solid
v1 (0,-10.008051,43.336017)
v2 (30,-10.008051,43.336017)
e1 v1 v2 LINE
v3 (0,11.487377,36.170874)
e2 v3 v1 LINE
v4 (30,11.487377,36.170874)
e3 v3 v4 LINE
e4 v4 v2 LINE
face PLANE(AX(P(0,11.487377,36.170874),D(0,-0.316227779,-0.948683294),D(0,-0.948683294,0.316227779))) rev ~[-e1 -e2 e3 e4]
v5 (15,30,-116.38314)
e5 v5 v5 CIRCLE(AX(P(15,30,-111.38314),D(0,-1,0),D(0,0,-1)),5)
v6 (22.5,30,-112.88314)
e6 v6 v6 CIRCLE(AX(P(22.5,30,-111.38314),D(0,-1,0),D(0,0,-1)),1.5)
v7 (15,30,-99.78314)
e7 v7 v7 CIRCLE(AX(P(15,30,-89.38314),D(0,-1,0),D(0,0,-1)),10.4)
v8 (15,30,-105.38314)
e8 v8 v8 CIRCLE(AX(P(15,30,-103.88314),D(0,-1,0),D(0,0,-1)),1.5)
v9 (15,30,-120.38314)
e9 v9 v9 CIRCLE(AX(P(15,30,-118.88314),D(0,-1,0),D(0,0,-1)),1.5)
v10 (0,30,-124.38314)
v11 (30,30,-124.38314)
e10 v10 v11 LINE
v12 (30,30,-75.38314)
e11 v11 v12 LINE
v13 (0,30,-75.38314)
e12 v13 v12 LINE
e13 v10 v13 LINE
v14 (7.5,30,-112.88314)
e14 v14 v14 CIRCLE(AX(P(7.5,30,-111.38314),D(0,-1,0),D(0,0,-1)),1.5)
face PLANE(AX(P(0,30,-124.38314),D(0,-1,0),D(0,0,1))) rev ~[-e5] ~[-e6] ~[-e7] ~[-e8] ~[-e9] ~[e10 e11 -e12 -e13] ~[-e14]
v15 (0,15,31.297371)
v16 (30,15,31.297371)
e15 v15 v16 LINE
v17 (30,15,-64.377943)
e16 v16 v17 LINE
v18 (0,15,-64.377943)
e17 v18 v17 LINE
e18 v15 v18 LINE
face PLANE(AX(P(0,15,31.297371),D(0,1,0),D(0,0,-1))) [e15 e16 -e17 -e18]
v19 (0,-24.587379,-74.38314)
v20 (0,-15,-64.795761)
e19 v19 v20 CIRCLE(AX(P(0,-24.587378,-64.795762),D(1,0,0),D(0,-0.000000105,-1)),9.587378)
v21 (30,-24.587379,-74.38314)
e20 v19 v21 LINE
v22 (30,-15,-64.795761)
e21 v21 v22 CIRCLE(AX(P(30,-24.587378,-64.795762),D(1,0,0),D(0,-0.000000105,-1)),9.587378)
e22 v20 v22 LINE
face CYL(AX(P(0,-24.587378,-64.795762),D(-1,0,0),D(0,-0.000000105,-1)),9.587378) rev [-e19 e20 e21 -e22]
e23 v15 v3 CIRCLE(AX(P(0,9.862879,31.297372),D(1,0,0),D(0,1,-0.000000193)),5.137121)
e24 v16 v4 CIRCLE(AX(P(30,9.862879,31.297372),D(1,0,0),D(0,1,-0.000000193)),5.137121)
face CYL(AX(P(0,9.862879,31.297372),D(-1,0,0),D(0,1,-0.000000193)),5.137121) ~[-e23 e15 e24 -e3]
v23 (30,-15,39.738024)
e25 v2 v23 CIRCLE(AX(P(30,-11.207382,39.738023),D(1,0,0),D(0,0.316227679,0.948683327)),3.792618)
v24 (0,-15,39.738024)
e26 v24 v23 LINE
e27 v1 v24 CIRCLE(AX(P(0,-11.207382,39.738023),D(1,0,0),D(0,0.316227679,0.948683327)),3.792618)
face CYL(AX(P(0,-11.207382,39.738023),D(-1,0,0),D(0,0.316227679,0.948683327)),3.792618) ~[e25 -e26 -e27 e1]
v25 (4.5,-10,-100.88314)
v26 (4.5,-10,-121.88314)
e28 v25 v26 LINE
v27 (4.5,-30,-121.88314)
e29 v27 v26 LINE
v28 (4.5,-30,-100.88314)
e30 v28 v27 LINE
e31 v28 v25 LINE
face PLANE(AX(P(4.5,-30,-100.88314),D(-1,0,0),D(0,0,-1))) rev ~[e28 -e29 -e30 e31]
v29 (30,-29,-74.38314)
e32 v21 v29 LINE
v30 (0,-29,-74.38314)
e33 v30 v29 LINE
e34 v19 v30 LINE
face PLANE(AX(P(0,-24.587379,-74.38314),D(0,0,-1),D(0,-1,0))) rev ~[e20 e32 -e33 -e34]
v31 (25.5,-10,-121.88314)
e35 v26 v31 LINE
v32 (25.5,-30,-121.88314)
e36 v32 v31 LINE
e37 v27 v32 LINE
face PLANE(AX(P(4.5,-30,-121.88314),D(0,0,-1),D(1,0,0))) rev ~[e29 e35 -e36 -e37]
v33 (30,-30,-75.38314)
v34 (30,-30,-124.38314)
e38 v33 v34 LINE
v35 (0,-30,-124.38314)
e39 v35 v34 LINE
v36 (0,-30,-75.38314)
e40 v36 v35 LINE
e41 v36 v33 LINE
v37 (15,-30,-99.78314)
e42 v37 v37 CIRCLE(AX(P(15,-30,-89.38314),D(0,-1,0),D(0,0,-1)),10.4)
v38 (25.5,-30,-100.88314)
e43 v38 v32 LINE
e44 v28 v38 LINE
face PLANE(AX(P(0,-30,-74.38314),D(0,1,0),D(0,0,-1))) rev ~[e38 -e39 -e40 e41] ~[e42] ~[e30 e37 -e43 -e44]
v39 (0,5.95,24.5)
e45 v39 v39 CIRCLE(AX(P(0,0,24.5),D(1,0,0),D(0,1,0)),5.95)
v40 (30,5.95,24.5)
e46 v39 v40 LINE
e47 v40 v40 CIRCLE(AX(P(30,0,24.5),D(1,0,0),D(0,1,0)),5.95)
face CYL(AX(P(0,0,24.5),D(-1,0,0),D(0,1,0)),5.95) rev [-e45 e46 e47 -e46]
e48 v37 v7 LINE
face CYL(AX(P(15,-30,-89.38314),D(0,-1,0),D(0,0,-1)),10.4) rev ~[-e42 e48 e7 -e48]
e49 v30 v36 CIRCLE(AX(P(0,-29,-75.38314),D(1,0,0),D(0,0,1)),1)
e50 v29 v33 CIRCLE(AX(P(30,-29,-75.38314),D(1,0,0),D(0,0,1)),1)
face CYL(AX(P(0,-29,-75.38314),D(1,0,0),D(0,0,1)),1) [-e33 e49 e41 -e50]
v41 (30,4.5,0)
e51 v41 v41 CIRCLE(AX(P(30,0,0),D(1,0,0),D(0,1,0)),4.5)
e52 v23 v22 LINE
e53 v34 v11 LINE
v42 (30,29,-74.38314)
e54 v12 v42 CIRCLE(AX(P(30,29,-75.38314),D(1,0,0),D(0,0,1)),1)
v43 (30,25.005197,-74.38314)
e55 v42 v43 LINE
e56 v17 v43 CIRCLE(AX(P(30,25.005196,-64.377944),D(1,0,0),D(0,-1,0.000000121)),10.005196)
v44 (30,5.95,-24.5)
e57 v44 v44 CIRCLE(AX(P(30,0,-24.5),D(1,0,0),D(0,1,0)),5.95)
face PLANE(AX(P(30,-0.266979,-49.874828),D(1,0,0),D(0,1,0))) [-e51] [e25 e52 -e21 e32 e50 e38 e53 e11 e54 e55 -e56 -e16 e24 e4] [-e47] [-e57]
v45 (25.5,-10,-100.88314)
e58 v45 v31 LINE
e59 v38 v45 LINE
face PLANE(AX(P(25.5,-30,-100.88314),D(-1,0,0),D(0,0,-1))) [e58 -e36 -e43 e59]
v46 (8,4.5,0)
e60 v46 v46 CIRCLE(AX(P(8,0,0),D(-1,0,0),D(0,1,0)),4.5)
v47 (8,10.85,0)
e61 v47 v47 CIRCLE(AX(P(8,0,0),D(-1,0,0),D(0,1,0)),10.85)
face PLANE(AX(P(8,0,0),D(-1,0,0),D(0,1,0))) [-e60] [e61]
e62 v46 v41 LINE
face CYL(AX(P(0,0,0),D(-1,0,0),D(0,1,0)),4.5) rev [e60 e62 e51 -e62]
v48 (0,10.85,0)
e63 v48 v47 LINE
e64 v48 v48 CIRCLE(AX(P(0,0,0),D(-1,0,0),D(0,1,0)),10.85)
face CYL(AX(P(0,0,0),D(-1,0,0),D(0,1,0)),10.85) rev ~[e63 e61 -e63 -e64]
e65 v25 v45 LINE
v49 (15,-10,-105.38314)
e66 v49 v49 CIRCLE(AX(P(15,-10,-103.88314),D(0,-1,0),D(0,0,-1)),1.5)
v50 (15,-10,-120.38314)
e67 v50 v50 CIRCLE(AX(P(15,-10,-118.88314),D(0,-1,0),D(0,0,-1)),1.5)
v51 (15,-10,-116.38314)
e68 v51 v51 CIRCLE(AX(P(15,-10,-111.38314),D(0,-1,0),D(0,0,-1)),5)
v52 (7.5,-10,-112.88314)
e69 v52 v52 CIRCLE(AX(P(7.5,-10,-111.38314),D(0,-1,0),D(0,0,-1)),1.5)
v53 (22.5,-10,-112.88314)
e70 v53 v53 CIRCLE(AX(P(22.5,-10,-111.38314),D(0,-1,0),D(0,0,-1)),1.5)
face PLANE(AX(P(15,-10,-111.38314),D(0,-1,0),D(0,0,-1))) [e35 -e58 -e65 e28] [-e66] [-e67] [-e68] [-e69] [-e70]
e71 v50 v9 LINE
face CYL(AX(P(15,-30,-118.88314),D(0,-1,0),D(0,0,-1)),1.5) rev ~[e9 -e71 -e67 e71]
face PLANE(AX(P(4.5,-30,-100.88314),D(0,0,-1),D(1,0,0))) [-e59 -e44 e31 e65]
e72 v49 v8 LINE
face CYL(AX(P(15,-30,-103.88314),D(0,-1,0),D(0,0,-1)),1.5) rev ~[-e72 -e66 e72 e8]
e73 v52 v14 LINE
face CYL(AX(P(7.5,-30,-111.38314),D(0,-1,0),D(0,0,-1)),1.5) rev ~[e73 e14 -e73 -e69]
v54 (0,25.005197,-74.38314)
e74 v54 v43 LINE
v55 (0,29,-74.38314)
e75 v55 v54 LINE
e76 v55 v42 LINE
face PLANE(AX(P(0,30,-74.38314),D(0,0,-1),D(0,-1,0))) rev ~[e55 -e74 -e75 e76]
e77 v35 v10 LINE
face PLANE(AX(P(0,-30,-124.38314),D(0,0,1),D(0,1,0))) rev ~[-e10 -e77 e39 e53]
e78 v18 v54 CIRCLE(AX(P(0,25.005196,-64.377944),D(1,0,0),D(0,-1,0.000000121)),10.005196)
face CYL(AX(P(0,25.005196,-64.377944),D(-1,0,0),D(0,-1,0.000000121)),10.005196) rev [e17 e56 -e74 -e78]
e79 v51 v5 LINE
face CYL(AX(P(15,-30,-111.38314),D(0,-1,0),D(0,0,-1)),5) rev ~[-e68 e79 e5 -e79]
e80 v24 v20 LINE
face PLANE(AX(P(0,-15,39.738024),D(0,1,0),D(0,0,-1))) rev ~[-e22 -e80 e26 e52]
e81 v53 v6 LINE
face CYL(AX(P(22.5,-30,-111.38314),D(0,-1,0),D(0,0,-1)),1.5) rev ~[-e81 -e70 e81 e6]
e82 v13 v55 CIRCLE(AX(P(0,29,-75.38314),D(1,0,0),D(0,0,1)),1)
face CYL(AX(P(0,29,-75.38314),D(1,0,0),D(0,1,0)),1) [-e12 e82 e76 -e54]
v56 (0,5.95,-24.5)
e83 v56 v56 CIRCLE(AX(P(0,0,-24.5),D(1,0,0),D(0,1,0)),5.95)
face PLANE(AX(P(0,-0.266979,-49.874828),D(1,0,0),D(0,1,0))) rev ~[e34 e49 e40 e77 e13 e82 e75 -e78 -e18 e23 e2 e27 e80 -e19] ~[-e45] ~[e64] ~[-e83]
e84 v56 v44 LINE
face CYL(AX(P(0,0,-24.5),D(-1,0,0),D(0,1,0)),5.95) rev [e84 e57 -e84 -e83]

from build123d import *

# Parameters (mm, degrees)
SKETCH_R        = 5.95
SKETCH_R_2      = 4.5
PAD_DEPTH       = 30
SKETCH001_R     = 10.85
POCKET_DEPTH    = 8
SKETCH002_R     = 10.4
SKETCH002_R_2   = 5
SKETCH002_R_3   = 1.5
POCKET001_DEPTH = 60
SKETCH003_W     = 21
SKETCH003_H     = 21
POCKET002_DEPTH = 20
FILLET_R        = 1


with BuildPart() as part:
    # Sketch → Pad (new body)
    with BuildSketch(Plane.YZ):
        with BuildLine():
            Line((-15, 39.738024), (-15, -45))
            Line((-15, -45), (-15, -64.795761))
            ThreePointArc((-24.587379, -74.38314), (-17.808078, -71.575062), (-15, -64.795761))
            Line((-24.587379, -74.38314), (-30, -74.38314))
            Line((-30, -74.38314), (-30, -124.38314))
            Line((-30, -124.38314), (30, -124.38314))
            Line((30, -124.38314), (30, -74.38314))
            Line((30, -74.38314), (25.005197, -74.38314))
            ThreePointArc((15, -64.377943), (17.930454, -71.452686), (25.005197, -74.38314))
            Line((15, -45), (15, -64.377943))
            Line((15, 31.297371), (15, -45))
            ThreePointArc((15, 31.297371), (14.030328, 34.3011), (11.487377, 36.170874))
            Line((11.487377, 36.170874), (-10.008051, 43.336017))
            ThreePointArc((-10.008051, 43.336017), (-13.424965, 42.814755), (-15, 39.738024))
        make_face()
        with Locations((0, 24.5)):
            Circle(SKETCH_R, mode=Mode.SUBTRACT)
        with Locations((0, -24.5)):
            Circle(SKETCH_R, mode=Mode.SUBTRACT)
        Circle(SKETCH_R_2, mode=Mode.SUBTRACT)
    extrude(amount=PAD_DEPTH)

    # Sketch001 (on Face18 of Pad) → Pocket (cut)
    with BuildSketch(Plane(origin=(0, 0, 0), x_dir=(0, 1, 0), z_dir=(-1, 0, 0))):
        Circle(SKETCH001_R)
    extrude(amount=-POCKET_DEPTH, mode=Mode.SUBTRACT)

    # Sketch002 (on Face16 of Pocket) → Pocket001 (cut)
    with BuildSketch(Plane(origin=(0, -30, 0), x_dir=(0, 0, -1), z_dir=(0, -1, 0))):
        with Locations((89.38314, 15)):
            Circle(SKETCH002_R)
        with Locations((111.38314, 15)):
            Circle(SKETCH002_R_2)
        with Locations((111.38314, 22.5)):
            Circle(SKETCH002_R_3)
        with Locations((103.88314, 15)):
            Circle(SKETCH002_R_3)
        with Locations((111.38314, 7.5)):
            Circle(SKETCH002_R_3)
        with Locations((118.88314, 15)):
            Circle(SKETCH002_R_3)
    extrude(amount=-POCKET001_DEPTH, mode=Mode.SUBTRACT)

    # Sketch003 (on Face16 of Pocket001) → Pocket002 (cut)
    with BuildSketch(Plane(origin=(0, -30, 0), x_dir=(0, 0, -1), z_dir=(0, -1, 0))):
        with Locations((111.38314, 15)):
            Rectangle(SKETCH003_W, SKETCH003_H)
    extrude(amount=-POCKET002_DEPTH, mode=Mode.SUBTRACT)

    # Fillet
    fillet_edges = [part.edges().sort_by_distance(p)[0] for p in [
        (15, -30, -74.38314),
        (15, 30, -74.38314),
    ]]
    fillet(fillet_edges, radius=FILLET_R)


solid = part.part
